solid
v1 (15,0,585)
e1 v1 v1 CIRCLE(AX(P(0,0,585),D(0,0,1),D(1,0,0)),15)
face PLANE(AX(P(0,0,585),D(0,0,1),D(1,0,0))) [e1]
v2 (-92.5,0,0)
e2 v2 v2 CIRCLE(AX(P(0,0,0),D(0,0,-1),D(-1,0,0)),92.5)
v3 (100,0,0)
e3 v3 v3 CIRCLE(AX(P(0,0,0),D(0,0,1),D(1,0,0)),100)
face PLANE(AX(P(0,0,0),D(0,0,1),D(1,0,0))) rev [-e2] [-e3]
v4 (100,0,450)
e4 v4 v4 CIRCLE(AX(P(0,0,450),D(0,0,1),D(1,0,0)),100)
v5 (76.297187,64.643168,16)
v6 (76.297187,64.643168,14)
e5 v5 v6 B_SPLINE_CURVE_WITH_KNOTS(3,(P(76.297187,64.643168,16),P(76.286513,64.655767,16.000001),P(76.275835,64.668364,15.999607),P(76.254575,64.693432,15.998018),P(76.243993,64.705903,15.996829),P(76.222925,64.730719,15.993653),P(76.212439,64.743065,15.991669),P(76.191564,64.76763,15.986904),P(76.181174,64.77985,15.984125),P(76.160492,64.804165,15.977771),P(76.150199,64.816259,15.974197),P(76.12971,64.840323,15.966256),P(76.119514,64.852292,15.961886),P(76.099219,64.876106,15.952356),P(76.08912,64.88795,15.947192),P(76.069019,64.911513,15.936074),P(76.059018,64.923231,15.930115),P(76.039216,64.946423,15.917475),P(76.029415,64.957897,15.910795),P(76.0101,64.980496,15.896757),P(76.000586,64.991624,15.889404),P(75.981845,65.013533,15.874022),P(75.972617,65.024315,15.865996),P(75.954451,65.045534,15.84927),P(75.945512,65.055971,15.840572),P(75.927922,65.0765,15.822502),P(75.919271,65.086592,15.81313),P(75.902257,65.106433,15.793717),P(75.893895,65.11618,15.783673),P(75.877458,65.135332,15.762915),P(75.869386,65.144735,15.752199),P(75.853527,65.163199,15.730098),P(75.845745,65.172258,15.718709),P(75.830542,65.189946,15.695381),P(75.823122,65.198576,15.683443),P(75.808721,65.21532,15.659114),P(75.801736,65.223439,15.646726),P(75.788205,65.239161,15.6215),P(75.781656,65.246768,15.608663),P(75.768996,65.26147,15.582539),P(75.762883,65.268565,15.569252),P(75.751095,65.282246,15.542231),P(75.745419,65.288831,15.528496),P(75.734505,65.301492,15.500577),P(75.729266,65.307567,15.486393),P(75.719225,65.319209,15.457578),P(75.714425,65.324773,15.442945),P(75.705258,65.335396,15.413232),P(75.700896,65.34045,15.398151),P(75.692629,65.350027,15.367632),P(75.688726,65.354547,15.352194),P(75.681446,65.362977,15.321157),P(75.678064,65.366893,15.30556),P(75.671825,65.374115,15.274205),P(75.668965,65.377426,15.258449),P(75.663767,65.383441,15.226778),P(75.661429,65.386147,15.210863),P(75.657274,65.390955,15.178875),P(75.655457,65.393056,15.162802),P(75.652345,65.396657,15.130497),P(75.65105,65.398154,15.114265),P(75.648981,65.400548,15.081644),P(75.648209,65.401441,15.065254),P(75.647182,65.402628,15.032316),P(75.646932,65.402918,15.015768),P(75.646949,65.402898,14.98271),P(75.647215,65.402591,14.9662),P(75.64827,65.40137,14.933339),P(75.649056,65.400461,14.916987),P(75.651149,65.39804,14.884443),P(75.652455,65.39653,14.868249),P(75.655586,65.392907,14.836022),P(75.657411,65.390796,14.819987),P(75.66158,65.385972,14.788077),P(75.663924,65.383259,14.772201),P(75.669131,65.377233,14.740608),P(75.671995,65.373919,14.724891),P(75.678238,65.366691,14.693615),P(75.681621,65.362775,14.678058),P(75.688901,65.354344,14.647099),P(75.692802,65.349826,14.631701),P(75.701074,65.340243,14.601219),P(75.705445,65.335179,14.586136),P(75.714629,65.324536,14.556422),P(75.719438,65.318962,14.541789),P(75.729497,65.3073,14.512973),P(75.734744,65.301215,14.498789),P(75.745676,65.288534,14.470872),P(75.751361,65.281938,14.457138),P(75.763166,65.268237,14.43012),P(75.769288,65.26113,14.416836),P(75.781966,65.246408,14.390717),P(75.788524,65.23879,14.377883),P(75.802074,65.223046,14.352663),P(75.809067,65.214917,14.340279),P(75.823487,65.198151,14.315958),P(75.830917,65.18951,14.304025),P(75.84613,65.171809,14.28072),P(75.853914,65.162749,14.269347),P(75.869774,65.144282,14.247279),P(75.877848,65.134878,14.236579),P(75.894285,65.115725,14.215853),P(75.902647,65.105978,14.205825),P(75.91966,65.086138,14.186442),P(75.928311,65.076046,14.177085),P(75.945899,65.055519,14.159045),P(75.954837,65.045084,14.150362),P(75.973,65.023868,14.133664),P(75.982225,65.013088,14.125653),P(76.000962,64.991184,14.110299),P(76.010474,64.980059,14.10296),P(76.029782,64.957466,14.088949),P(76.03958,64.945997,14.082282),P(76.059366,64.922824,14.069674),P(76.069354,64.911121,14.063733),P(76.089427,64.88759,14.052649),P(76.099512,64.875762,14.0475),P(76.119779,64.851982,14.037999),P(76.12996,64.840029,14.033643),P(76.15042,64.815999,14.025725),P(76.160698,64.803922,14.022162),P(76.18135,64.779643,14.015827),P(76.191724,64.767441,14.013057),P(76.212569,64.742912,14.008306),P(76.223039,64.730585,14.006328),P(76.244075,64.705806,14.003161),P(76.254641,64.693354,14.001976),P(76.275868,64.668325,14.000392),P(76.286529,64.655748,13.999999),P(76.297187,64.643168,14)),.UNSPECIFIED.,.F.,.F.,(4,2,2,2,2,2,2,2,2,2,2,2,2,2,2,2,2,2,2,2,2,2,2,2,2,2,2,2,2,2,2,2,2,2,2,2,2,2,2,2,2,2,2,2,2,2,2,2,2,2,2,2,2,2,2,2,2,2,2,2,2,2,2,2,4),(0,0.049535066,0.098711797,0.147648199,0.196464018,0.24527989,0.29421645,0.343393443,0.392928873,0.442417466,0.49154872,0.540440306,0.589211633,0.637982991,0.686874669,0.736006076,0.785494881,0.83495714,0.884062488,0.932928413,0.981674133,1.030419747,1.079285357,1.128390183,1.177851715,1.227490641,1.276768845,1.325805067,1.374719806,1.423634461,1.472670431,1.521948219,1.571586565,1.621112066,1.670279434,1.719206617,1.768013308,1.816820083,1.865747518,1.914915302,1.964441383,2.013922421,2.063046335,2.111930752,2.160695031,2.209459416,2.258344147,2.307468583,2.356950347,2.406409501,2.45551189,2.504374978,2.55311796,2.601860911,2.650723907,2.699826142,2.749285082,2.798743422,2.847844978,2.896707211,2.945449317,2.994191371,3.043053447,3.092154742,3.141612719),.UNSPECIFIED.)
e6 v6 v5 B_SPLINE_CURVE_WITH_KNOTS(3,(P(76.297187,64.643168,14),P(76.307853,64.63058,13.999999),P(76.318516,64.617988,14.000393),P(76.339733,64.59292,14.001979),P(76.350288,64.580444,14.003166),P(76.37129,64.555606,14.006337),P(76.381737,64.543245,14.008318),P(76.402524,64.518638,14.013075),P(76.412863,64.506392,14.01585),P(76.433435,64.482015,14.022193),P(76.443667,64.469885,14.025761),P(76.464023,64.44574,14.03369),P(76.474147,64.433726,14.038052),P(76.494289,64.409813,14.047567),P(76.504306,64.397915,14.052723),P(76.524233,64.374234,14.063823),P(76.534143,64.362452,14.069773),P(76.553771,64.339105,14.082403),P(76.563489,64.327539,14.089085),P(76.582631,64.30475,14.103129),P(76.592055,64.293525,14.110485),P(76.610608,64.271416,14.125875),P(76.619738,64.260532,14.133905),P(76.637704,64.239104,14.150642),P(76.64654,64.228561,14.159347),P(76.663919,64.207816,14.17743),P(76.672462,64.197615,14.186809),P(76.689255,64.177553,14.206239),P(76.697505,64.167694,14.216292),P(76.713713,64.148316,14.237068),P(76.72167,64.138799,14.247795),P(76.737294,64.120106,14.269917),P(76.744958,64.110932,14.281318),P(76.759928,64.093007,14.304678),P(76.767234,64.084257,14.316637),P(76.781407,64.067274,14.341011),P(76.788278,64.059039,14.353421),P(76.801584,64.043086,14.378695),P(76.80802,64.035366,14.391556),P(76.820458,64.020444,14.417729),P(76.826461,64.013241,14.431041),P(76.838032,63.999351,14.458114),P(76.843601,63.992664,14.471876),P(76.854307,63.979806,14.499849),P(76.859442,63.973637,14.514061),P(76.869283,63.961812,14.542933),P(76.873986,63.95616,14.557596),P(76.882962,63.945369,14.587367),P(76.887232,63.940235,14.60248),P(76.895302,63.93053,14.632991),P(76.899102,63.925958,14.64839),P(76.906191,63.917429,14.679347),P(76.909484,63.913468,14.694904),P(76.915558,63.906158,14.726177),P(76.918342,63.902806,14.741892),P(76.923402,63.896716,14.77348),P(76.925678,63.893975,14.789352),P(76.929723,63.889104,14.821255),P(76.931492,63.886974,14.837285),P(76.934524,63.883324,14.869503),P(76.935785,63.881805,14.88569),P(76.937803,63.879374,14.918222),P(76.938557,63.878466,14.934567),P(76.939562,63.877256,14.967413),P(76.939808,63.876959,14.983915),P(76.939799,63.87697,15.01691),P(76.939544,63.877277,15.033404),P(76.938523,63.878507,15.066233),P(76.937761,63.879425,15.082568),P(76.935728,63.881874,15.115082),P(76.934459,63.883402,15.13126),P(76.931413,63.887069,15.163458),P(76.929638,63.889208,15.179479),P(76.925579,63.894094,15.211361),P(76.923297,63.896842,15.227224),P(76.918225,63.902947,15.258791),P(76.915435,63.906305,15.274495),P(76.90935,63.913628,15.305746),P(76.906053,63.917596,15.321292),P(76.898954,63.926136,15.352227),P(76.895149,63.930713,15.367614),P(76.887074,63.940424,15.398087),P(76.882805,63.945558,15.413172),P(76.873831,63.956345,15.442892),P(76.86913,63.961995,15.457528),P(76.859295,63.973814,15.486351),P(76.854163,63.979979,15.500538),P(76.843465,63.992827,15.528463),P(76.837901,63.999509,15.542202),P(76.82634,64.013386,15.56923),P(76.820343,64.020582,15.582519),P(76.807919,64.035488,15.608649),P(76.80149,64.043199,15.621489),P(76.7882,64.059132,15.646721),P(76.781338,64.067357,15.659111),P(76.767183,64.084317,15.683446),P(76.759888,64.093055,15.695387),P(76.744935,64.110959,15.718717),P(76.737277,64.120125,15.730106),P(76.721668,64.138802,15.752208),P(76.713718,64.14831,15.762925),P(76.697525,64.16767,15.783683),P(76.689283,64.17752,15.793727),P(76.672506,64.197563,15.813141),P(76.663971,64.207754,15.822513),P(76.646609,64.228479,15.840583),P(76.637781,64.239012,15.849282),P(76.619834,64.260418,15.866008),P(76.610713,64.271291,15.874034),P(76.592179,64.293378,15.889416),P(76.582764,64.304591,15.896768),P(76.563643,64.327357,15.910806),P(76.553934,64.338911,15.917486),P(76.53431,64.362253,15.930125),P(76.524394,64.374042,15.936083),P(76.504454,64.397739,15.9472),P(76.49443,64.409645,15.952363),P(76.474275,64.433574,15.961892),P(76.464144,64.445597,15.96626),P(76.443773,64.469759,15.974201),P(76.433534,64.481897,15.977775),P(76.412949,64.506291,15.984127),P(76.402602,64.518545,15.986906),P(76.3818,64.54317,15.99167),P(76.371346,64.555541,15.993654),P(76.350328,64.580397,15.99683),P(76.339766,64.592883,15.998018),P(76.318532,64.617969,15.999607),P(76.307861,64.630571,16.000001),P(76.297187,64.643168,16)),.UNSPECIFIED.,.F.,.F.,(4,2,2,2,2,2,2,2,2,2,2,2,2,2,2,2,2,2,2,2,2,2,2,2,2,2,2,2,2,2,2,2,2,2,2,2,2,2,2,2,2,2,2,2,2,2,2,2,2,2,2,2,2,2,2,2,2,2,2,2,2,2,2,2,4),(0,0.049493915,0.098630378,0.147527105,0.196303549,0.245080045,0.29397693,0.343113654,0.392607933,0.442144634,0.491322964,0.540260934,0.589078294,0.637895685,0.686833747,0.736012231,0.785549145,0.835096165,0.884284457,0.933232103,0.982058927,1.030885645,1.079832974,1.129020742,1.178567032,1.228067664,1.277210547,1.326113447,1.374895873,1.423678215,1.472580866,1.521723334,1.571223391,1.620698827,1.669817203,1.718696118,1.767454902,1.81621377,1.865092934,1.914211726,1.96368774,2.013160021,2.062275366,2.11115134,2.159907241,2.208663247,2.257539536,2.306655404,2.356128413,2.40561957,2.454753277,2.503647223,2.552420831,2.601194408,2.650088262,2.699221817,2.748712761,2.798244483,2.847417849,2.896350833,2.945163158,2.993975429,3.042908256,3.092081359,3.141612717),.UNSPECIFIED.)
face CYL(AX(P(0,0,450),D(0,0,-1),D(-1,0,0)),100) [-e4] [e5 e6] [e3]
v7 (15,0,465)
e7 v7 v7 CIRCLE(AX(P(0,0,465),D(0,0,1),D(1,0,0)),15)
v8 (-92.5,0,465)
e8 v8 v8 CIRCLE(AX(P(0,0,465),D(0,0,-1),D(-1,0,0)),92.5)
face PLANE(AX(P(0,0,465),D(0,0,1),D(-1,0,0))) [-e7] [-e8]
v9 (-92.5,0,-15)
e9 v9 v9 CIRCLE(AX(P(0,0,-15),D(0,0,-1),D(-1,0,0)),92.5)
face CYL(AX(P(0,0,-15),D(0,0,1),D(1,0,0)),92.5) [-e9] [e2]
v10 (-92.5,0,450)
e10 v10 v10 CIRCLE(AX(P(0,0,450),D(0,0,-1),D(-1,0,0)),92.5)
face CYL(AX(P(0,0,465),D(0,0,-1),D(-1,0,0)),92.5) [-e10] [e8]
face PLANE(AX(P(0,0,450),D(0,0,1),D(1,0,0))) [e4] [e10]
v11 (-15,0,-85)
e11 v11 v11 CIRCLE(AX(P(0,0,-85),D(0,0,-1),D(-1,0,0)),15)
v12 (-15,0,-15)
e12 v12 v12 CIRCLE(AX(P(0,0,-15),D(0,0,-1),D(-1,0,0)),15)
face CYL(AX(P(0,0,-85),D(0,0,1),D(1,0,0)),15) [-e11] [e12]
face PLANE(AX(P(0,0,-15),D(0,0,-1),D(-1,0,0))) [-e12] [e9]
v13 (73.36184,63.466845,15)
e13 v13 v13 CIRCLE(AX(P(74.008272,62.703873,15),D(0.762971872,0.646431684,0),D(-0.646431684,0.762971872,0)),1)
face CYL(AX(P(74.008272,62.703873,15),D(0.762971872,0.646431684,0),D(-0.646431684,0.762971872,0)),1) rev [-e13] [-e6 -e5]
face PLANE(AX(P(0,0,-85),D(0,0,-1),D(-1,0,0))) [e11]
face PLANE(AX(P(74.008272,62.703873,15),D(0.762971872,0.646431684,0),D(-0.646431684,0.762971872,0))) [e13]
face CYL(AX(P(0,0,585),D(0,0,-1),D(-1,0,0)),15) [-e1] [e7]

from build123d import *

# Parameters (mm, degrees)
SKETCH1_R           = 100
BOSS_EXTRUDE1_DEPTH = 450
SKETCH2_R           = 92.5
BOSS_EXTRUDE2_DEPTH = 15
SKETCH3_R           = 15
BOSS_EXTRUDE3_DEPTH = 70
BOSS_EXTRUDE4_START = 120
SKETCH4_R           = 15
BOSS_EXTRUDE4_DEPTH = 120
SKETCH5_R           = 1
CUT_EXTRUDE1_DEPTH  = 3


with BuildPart() as part:
    # Sketch1 → Boss-Extrude1 (new body)
    with BuildSketch(Plane.XY):
        Circle(SKETCH1_R)
    extrude(amount=BOSS_EXTRUDE1_DEPTH)

    # Sketch2 → Boss-Extrude2 (add)
    with BuildSketch(Plane(origin=(0, 0, 0), x_dir=(-1, 0, 0), z_dir=(0, 0, -1))):
        Circle(SKETCH2_R)
    boss_extrude2 = extrude(amount=BOSS_EXTRUDE2_DEPTH)

    # Sketch3 → Boss-Extrude3 (add)
    with BuildSketch(Plane(origin=(0, 0, -15), x_dir=(-1, 0, 0), z_dir=(0, 0, -1))):
        Circle(SKETCH3_R)
    extrude(amount=BOSS_EXTRUDE3_DEPTH)

    # Mirror1: Boss-Extrude2 across plane
    add(boss_extrude2.mirror(Plane(origin=(0, 0, 225), x_dir=(1, 0, 0), z_dir=(0, 0, -1))))

    # Sketch4 → Boss-Extrude4 (add)
    with BuildSketch(Plane.XY.offset(465).offset(BOSS_EXTRUDE4_START)):
        Circle(SKETCH4_R)
    extrude(amount=-BOSS_EXTRUDE4_DEPTH)

    # Sketch5 → Cut-Extrude1 (cut)
    with BuildSketch(Plane(origin=(76.297187213, 64.643168421, 0), x_dir=(0, 0, -1), z_dir=(0.7629718721254075, 0.646431684206035, 0))):
        with Locations((-15, 0)):
            Circle(SKETCH5_R)
    extrude(amount=-CUT_EXTRUDE1_DEPTH, mode=Mode.SUBTRACT)


solid = part.part
